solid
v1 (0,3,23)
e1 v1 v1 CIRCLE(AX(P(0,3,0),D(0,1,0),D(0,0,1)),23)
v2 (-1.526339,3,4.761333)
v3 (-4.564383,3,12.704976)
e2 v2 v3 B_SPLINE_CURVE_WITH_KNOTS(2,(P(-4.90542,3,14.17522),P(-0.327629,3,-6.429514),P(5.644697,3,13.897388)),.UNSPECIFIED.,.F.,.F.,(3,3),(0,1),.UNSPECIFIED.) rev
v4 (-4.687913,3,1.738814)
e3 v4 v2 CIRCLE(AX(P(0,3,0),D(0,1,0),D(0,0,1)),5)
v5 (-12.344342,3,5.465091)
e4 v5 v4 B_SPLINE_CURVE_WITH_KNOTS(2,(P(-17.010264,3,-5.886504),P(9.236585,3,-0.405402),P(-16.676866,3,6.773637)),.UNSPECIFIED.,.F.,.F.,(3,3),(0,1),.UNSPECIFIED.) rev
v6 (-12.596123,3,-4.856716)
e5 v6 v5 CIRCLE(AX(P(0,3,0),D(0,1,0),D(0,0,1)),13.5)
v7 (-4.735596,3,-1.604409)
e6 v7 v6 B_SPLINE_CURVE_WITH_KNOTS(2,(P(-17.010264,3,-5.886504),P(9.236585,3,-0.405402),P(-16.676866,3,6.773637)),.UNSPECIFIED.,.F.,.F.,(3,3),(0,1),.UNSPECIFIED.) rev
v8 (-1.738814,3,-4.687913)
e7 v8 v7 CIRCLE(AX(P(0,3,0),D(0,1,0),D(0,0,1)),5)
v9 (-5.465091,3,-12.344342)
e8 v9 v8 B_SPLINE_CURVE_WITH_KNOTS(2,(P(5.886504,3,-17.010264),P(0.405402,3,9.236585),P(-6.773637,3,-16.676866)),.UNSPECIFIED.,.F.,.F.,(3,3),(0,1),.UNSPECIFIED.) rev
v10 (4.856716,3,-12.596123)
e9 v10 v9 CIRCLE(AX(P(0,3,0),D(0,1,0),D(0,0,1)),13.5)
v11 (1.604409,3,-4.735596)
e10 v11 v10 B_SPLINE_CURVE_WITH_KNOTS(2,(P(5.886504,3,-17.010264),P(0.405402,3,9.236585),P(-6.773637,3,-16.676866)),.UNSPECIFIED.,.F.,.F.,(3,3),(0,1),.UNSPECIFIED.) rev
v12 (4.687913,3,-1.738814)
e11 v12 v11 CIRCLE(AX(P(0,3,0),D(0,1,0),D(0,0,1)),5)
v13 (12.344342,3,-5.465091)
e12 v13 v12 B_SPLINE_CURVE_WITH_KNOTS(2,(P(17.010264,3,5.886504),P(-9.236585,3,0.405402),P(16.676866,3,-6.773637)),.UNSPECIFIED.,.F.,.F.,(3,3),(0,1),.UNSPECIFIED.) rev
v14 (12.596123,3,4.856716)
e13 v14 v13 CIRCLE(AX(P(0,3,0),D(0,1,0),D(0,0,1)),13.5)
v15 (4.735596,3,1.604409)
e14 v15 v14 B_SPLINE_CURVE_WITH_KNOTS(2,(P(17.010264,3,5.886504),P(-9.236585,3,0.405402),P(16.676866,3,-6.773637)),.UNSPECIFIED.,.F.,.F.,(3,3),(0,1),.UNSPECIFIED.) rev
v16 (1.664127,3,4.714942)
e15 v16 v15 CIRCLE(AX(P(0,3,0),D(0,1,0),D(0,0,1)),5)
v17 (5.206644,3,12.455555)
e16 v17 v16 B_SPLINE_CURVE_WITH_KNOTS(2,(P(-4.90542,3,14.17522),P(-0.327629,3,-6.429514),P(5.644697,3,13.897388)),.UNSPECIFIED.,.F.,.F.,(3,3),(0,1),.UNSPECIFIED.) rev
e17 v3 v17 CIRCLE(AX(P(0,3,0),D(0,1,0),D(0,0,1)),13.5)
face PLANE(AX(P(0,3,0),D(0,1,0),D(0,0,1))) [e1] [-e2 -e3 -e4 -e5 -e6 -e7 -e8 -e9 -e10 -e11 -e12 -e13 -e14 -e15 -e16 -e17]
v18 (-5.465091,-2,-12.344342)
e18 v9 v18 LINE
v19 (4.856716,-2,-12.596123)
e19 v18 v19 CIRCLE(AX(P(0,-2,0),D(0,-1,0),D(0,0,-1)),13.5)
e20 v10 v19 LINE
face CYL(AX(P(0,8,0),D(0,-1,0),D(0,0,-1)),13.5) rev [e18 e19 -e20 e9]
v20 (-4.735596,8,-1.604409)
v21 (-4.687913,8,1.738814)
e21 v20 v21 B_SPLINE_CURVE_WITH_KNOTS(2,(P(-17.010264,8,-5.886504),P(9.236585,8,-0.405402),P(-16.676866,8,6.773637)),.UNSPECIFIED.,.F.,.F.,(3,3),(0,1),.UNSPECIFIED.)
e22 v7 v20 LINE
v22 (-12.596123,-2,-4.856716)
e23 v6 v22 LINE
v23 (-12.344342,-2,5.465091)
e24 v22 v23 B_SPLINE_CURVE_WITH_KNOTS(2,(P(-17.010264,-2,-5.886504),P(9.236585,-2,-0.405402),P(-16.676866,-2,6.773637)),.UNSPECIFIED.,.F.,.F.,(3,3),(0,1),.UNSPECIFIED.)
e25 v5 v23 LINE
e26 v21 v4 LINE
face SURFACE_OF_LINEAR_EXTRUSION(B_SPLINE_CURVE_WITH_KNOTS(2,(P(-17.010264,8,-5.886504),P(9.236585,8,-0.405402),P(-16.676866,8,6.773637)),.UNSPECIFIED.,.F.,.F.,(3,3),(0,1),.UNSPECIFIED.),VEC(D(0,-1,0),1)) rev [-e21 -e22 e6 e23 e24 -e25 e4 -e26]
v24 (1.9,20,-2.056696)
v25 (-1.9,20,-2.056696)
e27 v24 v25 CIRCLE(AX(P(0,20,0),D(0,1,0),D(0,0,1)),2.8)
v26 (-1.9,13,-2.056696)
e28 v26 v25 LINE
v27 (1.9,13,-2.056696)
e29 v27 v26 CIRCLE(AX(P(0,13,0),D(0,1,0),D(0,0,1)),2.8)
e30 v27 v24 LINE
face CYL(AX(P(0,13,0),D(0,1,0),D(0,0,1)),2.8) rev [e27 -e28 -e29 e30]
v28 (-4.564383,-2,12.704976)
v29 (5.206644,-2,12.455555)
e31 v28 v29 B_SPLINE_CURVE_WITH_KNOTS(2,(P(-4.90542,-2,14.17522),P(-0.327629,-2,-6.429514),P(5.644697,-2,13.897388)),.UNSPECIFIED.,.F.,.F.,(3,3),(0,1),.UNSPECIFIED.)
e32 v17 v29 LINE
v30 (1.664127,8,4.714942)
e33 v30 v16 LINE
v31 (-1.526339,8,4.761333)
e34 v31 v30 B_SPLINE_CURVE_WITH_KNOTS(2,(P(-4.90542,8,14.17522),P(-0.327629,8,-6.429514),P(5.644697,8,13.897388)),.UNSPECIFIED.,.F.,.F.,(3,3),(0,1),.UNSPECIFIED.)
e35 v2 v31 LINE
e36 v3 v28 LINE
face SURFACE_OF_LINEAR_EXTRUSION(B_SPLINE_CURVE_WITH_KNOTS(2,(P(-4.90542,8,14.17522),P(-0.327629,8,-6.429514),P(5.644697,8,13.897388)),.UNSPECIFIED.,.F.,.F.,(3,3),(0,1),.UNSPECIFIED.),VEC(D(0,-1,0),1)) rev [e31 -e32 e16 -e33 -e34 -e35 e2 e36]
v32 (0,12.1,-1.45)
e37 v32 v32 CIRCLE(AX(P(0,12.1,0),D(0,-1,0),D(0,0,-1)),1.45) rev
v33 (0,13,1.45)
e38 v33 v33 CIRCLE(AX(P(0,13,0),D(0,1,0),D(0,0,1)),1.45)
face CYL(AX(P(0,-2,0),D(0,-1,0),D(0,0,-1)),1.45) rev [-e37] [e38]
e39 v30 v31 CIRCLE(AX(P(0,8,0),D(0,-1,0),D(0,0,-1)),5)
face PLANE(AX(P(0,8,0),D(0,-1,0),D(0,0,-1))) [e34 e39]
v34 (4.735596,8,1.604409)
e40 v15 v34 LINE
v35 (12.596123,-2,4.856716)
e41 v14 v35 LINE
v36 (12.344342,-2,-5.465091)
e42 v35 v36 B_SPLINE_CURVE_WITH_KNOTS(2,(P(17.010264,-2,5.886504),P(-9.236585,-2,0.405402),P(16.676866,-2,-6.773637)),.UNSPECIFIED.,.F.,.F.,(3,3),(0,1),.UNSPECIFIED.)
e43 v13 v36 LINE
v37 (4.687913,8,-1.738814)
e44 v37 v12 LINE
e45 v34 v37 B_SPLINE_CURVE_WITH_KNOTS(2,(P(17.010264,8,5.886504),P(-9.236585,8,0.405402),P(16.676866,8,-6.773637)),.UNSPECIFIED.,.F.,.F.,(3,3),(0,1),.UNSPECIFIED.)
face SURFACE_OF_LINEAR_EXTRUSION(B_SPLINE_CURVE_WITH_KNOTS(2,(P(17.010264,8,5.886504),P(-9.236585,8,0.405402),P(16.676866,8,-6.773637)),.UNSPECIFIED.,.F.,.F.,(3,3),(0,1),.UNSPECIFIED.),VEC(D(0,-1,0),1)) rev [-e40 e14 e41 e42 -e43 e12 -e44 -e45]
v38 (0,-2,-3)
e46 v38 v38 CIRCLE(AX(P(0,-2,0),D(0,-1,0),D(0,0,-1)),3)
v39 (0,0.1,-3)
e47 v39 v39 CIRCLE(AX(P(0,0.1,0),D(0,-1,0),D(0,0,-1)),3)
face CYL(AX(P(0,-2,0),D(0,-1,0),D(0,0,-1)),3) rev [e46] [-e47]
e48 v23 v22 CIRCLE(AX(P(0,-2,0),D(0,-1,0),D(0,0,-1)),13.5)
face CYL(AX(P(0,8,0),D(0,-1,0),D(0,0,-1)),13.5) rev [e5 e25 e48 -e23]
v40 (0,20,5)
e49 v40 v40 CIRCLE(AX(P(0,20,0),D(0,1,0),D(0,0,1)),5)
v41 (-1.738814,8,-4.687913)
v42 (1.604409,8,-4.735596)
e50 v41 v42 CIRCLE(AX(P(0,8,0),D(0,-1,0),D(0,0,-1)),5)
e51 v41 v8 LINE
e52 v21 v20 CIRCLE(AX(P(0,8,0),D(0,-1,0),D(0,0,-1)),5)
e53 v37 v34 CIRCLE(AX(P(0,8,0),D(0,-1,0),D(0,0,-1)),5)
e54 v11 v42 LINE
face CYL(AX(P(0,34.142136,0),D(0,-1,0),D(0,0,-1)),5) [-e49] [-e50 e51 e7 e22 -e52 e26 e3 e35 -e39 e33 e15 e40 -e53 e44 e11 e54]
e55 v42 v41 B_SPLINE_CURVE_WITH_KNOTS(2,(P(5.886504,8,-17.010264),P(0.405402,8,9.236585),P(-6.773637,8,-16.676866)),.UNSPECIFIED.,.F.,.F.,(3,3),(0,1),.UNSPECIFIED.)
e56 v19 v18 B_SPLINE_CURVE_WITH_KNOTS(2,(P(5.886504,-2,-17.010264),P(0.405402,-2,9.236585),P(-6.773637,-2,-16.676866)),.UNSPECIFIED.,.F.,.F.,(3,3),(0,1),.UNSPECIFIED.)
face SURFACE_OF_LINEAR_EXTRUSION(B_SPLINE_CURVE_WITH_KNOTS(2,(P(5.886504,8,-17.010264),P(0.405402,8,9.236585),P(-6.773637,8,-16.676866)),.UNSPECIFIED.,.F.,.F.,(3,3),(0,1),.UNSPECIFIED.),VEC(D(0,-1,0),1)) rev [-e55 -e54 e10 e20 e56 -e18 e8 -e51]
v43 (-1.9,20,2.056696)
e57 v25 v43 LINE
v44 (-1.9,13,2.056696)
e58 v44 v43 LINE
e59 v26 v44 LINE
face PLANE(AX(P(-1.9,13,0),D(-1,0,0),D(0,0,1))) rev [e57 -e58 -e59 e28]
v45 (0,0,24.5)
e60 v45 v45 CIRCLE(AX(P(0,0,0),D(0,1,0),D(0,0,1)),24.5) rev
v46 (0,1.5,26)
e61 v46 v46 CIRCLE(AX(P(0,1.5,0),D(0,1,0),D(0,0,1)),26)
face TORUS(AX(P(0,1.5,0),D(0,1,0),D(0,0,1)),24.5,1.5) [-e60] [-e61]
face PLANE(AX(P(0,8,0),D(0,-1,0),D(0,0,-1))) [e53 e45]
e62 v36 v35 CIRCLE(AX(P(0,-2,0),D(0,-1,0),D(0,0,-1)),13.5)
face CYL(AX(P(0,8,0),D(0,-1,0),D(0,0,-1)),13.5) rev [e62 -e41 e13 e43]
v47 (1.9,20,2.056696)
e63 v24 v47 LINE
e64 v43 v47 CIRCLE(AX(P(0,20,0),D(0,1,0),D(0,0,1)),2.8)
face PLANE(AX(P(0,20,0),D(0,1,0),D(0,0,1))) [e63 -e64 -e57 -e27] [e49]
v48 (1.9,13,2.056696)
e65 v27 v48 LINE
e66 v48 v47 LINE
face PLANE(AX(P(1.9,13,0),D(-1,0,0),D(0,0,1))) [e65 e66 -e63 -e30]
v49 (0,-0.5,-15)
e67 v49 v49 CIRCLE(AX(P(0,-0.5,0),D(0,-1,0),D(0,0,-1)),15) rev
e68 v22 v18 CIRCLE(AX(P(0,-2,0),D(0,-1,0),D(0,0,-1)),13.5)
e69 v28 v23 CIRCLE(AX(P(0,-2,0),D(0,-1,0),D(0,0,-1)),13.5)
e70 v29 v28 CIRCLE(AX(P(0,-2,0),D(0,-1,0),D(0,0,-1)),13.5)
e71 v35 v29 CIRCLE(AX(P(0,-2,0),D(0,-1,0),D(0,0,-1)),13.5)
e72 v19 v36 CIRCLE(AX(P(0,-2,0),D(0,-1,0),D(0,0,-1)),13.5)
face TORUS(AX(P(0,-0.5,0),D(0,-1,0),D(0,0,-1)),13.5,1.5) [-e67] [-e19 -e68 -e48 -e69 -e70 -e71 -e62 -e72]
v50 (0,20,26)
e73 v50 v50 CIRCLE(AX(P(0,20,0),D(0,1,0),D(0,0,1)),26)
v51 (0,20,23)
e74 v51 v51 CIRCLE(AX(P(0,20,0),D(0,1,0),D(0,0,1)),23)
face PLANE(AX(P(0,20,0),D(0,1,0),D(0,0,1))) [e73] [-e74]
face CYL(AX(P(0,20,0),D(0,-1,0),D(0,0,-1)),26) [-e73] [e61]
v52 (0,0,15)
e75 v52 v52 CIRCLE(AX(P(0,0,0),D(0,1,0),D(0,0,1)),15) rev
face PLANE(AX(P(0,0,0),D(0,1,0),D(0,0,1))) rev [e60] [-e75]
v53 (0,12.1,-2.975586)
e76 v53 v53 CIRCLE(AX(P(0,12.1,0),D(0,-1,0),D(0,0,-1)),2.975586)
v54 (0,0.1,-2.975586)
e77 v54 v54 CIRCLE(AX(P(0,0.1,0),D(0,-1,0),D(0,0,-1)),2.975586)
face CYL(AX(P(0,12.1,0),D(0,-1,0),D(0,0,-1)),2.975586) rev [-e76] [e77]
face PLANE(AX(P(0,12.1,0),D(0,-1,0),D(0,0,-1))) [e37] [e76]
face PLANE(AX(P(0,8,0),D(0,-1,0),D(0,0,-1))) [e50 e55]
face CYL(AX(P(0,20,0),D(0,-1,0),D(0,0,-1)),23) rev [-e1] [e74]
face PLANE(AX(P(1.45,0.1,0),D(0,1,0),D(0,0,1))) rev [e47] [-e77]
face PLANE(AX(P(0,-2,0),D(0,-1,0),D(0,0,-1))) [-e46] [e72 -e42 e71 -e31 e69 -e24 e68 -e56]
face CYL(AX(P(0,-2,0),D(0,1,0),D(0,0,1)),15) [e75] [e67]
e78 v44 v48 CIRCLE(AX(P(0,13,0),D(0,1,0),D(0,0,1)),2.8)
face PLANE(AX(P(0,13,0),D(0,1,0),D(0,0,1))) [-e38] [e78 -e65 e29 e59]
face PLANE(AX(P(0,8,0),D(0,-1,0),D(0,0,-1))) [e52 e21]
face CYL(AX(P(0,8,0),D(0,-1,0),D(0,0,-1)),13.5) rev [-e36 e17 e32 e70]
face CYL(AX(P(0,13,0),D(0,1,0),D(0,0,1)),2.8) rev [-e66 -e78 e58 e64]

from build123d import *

# Parameters (mm, degrees)
CROQUIS1_R              = 26
SALIENTE_EXTRUIR1_DEPTH = 20
VACIADO1_T              = -3
REDONDEO1_R             = 1.5
CROQUIS2_R              = 15
SALIENTE_EXTRUIR2_DEPTH = 2
REDONDEO2_R             = 1.5
CROQUIS5_R              = 5
SALIENTE_EXTRUIR3_DEPTH = 17
CORTAR_EXTRUIR3_DEPTH   = 7
CORTAR_EXTRUIR5_DEPTH   = 10
CROQUIS12_R             = 2.975585662
CORTAR_EXTRUIR4_DEPTH   = 12


with BuildPart() as part:
    # Croquis1 → Saliente-Extruir1 (new body)
    with BuildSketch(Plane(origin=(0, 0, 0), x_dir=(1, 0, 0), z_dir=(0, 1, 0))):
        with Locations(Location((0, 0, 0), (0, 0, 270))):
            Circle(CROQUIS1_R)
    extrude(amount=SALIENTE_EXTRUIR1_DEPTH)

    # Vaciado1
    vaciado1_openings = [part.faces().sort_by_distance(p)[0] for p in [
        (0, 20, 0),
    ]]
    offset(amount=VACIADO1_T, openings=vaciado1_openings, kind=Kind.INTERSECTION)

    # Redondeo1
    redondeo1_edges = [part.edges().sort_by_distance(p)[0] for p in [
        (0, 0, -26),
    ]]
    fillet(redondeo1_edges, radius=REDONDEO1_R)

    # Croquis2 → Saliente-Extruir2 (add)
    with BuildSketch(Plane.XZ):
        with Locations(Location((0, 0, 0), (0, 0, 90))):
            Circle(CROQUIS2_R)
    extrude(amount=SALIENTE_EXTRUIR2_DEPTH)

    # Redondeo2
    redondeo2_edges = [part.edges().sort_by_distance(p)[0] for p in [
        (0, -2, -15),
    ]]
    fillet(redondeo2_edges, radius=REDONDEO2_R)

    # Croquis5 → Saliente-Extruir3 (add)
    with BuildSketch(Plane(origin=(0, 3, 0), x_dir=(1, 0, 0), z_dir=(0, 1, 0))):
        with Locations(Location((0, 0, 0), (0, 0, 270))):
            Circle(CROQUIS5_R)
    extrude(amount=SALIENTE_EXTRUIR3_DEPTH)

    # Croquis6 → Cortar-Extruir3 (cut)
    with BuildSketch(Plane(origin=(0, 20, 0), x_dir=(1, 0, 0), z_dir=(0, 1, 0))):
        with BuildLine():
            ThreePointArc((1.9, 2.05669638), (0, 2.8), (-1.9, 2.05669638))
            Line((-1.9, 2.05669638), (-1.9, -2.05669638))
            ThreePointArc((-1.9, -2.05669638), (0, -2.8), (1.9, -2.05669638))
            Line((1.9, -2.05669638), (1.9, 2.05669638))
        make_face()
    extrude(amount=-CORTAR_EXTRUIR3_DEPTH, mode=Mode.SUBTRACT)

    # Croquis10 → Refrentado para tornillo con cabeza troncocónica de M2.51 (revolve, cut)
    with BuildSketch(Plane(origin=(0, -2, 0), x_dir=(0, 0, -1), z_dir=(1, 0, 0))):
        Polygon((0, 0), (0, 22), (1.45, 22), (1.45, 2.1), (3, 2.1), (3, 0), align=None)
    revolve(axis=Axis((0, -8.35, 0), (0, 1, 0)), mode=Mode.SUBTRACT)

    # Croquis4 → Cortar-Extruir5 (cut)
    with BuildSketch(Plane.XZ.offset(2)):
        with BuildLine():
            ThreePointArc((-5.465091238, -12.344341933), (-0.32920888, -13.495985385), (4.856716063, -12.59612278))
            add(Edge.make_bspline(
                [(4.856716063, -12.59612278), (0.260062293, 4.863404328), (-5.465091238, -12.344341933)],
                knots=[0.092611361, 0.092611361, 0.092611361, 0.907859472, 0.907859472, 0.907859472], degree=2))
        make_face()
        with BuildLine():
            add(Edge.make_bspline(
                [(-12.59612278, -4.856716063), (4.863404328, -0.260062293), (-12.344341933, 5.465091238)],
                knots=[0.092611361, 0.092611361, 0.092611361, 0.907859472, 0.907859472, 0.907859472], degree=2))
            ThreePointArc((-12.344341933, 5.465091238), (-13.495985385, 0.32920888), (-12.59612278, -4.856716063))
        make_face()
        with BuildLine():
            add(Edge.make_bspline(
                [(-4.564383108, 12.704975673), (-0.276925472, -4.973532137), (5.206643951, 12.455555338)],
                knots=[0.037040057, 0.037040057, 0.037040057, 0.963168016, 0.963168016, 0.963168016], degree=2))
            ThreePointArc((5.206643951, 12.455555338), (0.344495825, 13.495603826), (-4.564383108, 12.704975673))
        make_face()
        with BuildLine():
            ThreePointArc((13.5, 0), (13.272107171, 2.470054906), (12.59612278, 4.856716063))
            add(Edge.make_bspline(
                [(12.59612278, 4.856716063), (-4.863404328, 0.260062293), (12.344341933, -5.465091238)],
                knots=[0.092611361, 0.092611361, 0.092611361, 0.907859472, 0.907859472, 0.907859472], degree=2))
            ThreePointArc((12.344341933, -5.465091238), (13.207925956, -2.792971885), (13.5, 0))
        make_face()
    extrude(amount=-CORTAR_EXTRUIR5_DEPTH, mode=Mode.SUBTRACT)

    # Croquis12 → Cortar-Extruir4 (cut)
    with BuildSketch(Plane.XZ.offset(-0.1)):
        with Locations(Location((0, 0, 0), (0, 0, 270))):
            Circle(CROQUIS12_R)
    extrude(amount=-CORTAR_EXTRUIR4_DEPTH, mode=Mode.SUBTRACT)


solid = part.part
